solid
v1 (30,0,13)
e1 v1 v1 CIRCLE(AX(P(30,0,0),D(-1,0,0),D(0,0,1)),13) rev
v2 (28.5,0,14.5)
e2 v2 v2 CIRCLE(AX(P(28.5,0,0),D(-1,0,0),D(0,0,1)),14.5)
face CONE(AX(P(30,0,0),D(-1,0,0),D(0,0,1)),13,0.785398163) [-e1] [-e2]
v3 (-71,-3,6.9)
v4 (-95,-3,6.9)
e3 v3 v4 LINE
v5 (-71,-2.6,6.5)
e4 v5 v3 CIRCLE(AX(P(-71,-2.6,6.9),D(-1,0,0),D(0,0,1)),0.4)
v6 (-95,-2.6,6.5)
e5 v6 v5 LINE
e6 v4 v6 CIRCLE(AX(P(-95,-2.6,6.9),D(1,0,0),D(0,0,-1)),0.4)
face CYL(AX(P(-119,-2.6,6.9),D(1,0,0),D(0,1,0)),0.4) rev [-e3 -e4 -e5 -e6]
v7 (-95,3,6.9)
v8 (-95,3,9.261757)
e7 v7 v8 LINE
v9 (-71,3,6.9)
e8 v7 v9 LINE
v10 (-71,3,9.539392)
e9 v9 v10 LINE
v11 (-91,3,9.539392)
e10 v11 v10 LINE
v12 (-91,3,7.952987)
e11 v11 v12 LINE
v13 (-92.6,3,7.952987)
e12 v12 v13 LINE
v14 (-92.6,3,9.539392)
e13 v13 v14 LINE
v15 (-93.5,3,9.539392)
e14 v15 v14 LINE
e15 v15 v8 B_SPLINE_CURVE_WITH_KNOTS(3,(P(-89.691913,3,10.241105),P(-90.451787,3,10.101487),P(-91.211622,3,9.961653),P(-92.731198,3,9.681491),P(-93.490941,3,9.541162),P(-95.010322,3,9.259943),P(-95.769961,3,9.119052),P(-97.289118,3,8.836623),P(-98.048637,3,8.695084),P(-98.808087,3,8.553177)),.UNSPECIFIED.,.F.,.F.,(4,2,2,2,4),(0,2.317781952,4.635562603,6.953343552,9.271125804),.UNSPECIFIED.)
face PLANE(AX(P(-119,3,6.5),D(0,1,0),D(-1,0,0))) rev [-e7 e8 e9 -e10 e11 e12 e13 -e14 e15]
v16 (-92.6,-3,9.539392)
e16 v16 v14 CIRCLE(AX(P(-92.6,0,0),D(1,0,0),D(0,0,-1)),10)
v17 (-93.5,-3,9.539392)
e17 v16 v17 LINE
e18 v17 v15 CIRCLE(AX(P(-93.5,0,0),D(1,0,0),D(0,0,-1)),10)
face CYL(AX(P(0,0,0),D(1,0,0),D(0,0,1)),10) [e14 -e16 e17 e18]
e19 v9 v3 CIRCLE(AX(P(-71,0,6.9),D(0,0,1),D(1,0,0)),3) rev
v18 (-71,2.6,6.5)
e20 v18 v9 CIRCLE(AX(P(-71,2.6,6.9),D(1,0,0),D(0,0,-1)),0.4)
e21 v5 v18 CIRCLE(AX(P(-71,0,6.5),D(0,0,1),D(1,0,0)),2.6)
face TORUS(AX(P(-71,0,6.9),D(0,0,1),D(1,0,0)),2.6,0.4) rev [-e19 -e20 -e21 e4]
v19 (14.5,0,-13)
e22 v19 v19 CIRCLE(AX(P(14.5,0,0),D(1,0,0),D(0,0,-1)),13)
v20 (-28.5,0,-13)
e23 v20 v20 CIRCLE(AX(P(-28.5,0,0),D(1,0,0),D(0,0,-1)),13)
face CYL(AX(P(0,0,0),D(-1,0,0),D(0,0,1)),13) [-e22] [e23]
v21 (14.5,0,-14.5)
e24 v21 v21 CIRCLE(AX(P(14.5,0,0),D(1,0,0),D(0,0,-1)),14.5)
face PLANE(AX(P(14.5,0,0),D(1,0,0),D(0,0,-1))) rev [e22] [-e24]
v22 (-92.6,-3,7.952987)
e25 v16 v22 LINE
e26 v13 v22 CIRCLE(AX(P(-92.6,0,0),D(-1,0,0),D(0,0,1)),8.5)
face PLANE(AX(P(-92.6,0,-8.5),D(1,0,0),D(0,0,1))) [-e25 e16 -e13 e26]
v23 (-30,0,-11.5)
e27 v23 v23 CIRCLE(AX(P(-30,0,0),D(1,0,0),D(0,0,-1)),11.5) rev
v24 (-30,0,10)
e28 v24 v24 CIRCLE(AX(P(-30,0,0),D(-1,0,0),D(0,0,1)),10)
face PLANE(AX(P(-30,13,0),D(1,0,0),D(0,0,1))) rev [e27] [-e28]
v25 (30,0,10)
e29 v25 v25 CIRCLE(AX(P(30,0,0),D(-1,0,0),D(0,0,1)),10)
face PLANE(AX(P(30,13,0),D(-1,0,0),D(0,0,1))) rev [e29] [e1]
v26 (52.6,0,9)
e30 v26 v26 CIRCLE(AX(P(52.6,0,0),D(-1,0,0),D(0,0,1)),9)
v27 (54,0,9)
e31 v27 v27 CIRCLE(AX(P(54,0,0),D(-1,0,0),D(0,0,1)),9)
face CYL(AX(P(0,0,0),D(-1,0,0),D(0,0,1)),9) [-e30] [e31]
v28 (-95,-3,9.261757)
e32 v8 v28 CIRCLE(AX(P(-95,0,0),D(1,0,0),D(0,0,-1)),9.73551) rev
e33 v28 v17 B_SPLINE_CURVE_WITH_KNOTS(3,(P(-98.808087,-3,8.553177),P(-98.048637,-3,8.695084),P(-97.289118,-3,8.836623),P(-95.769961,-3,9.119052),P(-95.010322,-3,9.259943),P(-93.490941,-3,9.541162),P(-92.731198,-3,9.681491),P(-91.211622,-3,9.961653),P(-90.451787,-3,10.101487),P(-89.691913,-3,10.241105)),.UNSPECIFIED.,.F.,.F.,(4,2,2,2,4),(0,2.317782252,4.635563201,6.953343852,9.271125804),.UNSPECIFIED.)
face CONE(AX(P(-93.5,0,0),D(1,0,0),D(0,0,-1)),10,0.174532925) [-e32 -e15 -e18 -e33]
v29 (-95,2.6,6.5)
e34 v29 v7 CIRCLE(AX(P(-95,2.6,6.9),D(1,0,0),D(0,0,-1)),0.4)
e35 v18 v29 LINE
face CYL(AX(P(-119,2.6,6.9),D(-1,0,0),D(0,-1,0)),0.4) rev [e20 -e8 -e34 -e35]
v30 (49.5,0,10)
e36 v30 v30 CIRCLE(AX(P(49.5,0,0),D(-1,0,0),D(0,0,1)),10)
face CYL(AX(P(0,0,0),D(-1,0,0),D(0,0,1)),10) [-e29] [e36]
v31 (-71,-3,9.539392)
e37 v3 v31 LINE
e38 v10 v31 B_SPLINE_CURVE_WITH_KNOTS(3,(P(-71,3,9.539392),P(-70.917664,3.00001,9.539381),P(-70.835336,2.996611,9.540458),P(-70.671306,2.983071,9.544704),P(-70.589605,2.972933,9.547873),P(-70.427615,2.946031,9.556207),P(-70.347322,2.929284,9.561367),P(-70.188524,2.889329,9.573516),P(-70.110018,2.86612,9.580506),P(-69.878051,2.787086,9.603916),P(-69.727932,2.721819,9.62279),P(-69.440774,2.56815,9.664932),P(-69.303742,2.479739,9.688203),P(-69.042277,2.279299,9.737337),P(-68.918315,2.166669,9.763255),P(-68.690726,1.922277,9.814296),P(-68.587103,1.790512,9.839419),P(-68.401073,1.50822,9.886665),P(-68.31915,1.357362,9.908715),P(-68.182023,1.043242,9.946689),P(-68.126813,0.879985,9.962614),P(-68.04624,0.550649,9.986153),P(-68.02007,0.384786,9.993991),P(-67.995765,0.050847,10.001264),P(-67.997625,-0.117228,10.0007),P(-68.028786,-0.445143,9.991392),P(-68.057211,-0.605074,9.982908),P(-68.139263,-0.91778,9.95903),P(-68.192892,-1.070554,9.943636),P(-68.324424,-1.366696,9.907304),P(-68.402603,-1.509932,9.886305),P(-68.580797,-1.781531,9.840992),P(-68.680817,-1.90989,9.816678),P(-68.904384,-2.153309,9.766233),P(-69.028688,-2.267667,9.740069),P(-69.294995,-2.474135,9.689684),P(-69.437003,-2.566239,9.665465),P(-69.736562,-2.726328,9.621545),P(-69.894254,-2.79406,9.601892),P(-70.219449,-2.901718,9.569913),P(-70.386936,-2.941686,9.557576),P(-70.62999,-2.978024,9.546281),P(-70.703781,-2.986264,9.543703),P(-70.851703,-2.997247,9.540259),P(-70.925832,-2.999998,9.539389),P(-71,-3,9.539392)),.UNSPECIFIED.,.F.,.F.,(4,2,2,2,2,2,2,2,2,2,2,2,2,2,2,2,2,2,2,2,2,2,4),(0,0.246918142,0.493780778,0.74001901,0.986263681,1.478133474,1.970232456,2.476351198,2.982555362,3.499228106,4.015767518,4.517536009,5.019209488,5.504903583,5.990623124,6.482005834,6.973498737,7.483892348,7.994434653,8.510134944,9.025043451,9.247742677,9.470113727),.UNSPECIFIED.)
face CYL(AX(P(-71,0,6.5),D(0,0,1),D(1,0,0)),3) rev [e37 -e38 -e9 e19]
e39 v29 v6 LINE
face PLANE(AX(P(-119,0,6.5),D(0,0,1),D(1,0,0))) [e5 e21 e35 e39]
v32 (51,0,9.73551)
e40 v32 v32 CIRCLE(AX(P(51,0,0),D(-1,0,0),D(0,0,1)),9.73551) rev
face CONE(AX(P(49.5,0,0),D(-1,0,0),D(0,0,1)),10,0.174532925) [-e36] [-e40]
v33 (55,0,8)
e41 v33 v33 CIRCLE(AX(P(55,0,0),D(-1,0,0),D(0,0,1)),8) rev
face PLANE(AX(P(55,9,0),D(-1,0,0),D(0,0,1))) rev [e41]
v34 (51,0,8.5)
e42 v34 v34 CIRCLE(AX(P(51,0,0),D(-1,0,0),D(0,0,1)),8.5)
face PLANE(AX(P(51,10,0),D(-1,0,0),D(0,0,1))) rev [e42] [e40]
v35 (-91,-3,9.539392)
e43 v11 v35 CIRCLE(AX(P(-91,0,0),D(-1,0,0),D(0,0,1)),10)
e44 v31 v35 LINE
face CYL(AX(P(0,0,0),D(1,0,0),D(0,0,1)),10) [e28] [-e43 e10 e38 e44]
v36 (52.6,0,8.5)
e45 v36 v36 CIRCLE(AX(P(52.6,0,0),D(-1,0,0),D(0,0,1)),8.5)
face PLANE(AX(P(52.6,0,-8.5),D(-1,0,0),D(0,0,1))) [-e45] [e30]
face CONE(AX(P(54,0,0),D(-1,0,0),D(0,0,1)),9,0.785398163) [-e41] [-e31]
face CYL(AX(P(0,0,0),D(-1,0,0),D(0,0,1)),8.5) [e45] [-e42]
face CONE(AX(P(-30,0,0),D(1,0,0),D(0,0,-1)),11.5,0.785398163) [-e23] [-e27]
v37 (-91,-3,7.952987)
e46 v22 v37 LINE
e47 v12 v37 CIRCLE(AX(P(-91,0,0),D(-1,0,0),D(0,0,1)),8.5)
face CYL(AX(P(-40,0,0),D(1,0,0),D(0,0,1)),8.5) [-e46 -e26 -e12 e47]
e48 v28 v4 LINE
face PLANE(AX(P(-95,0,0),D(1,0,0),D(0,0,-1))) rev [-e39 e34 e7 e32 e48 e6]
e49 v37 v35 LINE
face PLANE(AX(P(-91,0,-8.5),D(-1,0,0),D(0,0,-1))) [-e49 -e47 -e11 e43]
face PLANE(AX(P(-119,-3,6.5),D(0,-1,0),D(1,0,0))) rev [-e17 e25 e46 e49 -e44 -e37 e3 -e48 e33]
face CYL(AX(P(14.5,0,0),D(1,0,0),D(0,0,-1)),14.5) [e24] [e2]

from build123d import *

# Parameters (mm, degrees)
CHAMFER_1_SIZE              = 1.5
CHAMFER_1_SIZE2             = 0.264490471
CHAMFER_2_SIZE              = 1
SKETCH_2_W                  = 1.6
SKETCH_2_H                  = 2.408745076
SKETCH_6_R                  = 10
EXTRUDE_2_DEPTH             = 42.4
EXTRUDE_2_DIRECTION_2_REACH = 111.159
CHAMFER_5_SIZE              = 1.5
CHAMFER_5_SIZE2             = 0.264490471
CUT_EXTRUDE_2_DEPTH         = 3.5
CHAMFER_6_SIZE              = 1.5
EXTRUDE_START               = -15.5
SKETCH_9_R                  = 14.5
SKETCH_9_R_2                = 13
EXTRUDE_3_DEPTH             = 15.5
CHAMFER_7_SIZE              = 1.5
FILLET_1_R                  = 0.4


with BuildPart() as part:
    # Эскиз1 → Повернуть1 (revolve)
    with BuildSketch(Plane.XY, mode=Mode.PRIVATE) as revolve_1_sk:
        Polygon((0, 0), (0, 13), (30, 13), (30, 10), (51, 10), (51, 9), (55, 9), (55, 0), align=None)
    revolve(revolve_1_sk.sketch.rotate(Axis((0, 0, 0), (1, 0, 0)), 90), axis=Axis((0, 0, 0), (1, 0, 0)))

    # Зеркальное отражение1: part across plane


with BuildPart() as part_1:
    add(part.part)
    add(part.part.mirror(Plane(origin=(0, 0, 0), x_dir=(0, 0, 1), z_dir=(1, 0, 0))))

    # Фаска1
    chamfer_1_edges = [part_1.edges().sort_by_distance(p)[0] for p in [
        (51, 0, -10),
    ]]
    chamfer_1_side = [part_1.faces().sort_by_distance(p)[0] for p in [
        (40.5, 0, -10),
    ]]
    chamfer(chamfer_1_edges, length=CHAMFER_1_SIZE, length2=CHAMFER_1_SIZE2, reference=chamfer_1_side[0])

    # Фаска2
    chamfer_2_edges = [part_1.edges().sort_by_distance(p)[0] for p in [
        (55, 0, -9),
    ]]
    chamfer(chamfer_2_edges, length=CHAMFER_2_SIZE)

    # Эскиз2 → Вырез-Повернуть1 (revolve, cut)
    with BuildSketch(Plane(origin=(0, 0, 0), x_dir=(1, 0, 0), z_dir=(0, 1, 0)), mode=Mode.PRIVATE) as cut_revolve_1_sk:
        with Locations((51.8, 9.704372538)):
            Rectangle(SKETCH_2_W, SKETCH_2_H)
    cut_revolve_1 = revolve(cut_revolve_1_sk.sketch.rotate(Axis((0, 0, 0), (1, 0, 0)), 180), axis=Axis((0, 0, 0), (1, 0, 0)), mode=Mode.SUBTRACT)

    # Зеркальное отражение2: Вырез-Повернуть1 across plane
    add(cut_revolve_1.mirror(Plane(origin=(0, 0, 0), x_dir=(0, 0, 1), z_dir=(1, 0, 0))), mode=Mode.SUBTRACT)

    # Эскиз6 → Бобышка-Вытянуть2 (add)
    with BuildSketch(Plane(origin=(-52.6, 0, 0), x_dir=(0, 0, -1), z_dir=(1, 0, 0))):
        with Locations(Location((0, 0, 0), (0, 0, 180))):
            Circle(SKETCH_6_R)
    extrude(amount=-EXTRUDE_2_DEPTH)

    # Эскиз6 → Бобышка-Вытянуть2 direction 2 (add, up to next)
    with BuildSketch(Plane(origin=(-52.6, 0, 0), x_dir=(0, 0, -1), z_dir=(1, 0, 0)), mode=Mode.PRIVATE) as extrude_2_direction_2_sk1:
        with Locations(Location((0, 0, 0), (0, 0, 180))):
            Circle(SKETCH_6_R)
    extrude_2_direction_2_tool1 = extrude(extrude_2_direction_2_sk1.sketch, amount=EXTRUDE_2_DIRECTION_2_REACH, mode=Mode.PRIVATE) - part_1.part
    add(extrude_2_direction_2_tool1.solids().sort_by_distance((-52.6, 0, 0))[0])

    # Фаска5
    chamfer_5_edges = [part_1.edges().sort_by_distance(p)[0] for p in [
        (-95, 0, -10),
    ]]
    chamfer_5_side = [part_1.faces().sort_by_distance(p)[0] for p in [
        (-73.8, 0, -10),
    ]]
    chamfer(chamfer_5_edges, length=CHAMFER_5_SIZE, length2=CHAMFER_5_SIZE2, reference=chamfer_5_side[0])

    # Зеркальное отражение5: Вырез-Повернуть1 across plane
    add(cut_revolve_1.mirror(Plane(origin=(-20, 0, 0), x_dir=(0, 0, 1), z_dir=(1, 0, 0))), mode=Mode.SUBTRACT)

    # Эскиз8 → Вырез-Вытянуть2 (cut)
    with BuildSketch(Plane.XY.offset(10)):
        with BuildLine():
            Line((-119, 3), (-71, 3))
            ThreePointArc((-71, 3), (-68, 0), (-71, -3))
            Line((-71, -3), (-119, -3))
            ThreePointArc((-119, -3), (-122, 0), (-119, 3))
        make_face()
    extrude(amount=-CUT_EXTRUDE_2_DEPTH, mode=Mode.SUBTRACT)

    # Фаска6
    chamfer_6_edges = [part_1.edges().sort_by_distance(p)[0] for p in [
        (-30, 0, -13),
    ]]
    chamfer(chamfer_6_edges, length=CHAMFER_6_SIZE)

    # Эскиз9 → Бобышка-Вытянуть3 (add)
    with BuildSketch(Plane(origin=(30, 0, 0), x_dir=(0, 0, -1), z_dir=(1, 0, 0)).offset(EXTRUDE_START)):
        Circle(SKETCH_9_R)
        Circle(SKETCH_9_R_2, mode=Mode.SUBTRACT)
    extrude(amount=EXTRUDE_3_DEPTH)

    # Фаска7
    chamfer_7_edges = [part_1.edges().sort_by_distance(p)[0] for p in [
        (30, 0, 14.5),
    ]]
    chamfer(chamfer_7_edges, length=CHAMFER_7_SIZE)

    # Скругление1
    fillet_1_edges = [part_1.edges().sort_by_distance(p)[0] for p in [
        (-68, 0, 6.5),
        (-83, 3, 6.5),
        (-83, -3, 6.5),
    ]]
    fillet(fillet_1_edges, radius=FILLET_1_R)


solid = part_1.part
